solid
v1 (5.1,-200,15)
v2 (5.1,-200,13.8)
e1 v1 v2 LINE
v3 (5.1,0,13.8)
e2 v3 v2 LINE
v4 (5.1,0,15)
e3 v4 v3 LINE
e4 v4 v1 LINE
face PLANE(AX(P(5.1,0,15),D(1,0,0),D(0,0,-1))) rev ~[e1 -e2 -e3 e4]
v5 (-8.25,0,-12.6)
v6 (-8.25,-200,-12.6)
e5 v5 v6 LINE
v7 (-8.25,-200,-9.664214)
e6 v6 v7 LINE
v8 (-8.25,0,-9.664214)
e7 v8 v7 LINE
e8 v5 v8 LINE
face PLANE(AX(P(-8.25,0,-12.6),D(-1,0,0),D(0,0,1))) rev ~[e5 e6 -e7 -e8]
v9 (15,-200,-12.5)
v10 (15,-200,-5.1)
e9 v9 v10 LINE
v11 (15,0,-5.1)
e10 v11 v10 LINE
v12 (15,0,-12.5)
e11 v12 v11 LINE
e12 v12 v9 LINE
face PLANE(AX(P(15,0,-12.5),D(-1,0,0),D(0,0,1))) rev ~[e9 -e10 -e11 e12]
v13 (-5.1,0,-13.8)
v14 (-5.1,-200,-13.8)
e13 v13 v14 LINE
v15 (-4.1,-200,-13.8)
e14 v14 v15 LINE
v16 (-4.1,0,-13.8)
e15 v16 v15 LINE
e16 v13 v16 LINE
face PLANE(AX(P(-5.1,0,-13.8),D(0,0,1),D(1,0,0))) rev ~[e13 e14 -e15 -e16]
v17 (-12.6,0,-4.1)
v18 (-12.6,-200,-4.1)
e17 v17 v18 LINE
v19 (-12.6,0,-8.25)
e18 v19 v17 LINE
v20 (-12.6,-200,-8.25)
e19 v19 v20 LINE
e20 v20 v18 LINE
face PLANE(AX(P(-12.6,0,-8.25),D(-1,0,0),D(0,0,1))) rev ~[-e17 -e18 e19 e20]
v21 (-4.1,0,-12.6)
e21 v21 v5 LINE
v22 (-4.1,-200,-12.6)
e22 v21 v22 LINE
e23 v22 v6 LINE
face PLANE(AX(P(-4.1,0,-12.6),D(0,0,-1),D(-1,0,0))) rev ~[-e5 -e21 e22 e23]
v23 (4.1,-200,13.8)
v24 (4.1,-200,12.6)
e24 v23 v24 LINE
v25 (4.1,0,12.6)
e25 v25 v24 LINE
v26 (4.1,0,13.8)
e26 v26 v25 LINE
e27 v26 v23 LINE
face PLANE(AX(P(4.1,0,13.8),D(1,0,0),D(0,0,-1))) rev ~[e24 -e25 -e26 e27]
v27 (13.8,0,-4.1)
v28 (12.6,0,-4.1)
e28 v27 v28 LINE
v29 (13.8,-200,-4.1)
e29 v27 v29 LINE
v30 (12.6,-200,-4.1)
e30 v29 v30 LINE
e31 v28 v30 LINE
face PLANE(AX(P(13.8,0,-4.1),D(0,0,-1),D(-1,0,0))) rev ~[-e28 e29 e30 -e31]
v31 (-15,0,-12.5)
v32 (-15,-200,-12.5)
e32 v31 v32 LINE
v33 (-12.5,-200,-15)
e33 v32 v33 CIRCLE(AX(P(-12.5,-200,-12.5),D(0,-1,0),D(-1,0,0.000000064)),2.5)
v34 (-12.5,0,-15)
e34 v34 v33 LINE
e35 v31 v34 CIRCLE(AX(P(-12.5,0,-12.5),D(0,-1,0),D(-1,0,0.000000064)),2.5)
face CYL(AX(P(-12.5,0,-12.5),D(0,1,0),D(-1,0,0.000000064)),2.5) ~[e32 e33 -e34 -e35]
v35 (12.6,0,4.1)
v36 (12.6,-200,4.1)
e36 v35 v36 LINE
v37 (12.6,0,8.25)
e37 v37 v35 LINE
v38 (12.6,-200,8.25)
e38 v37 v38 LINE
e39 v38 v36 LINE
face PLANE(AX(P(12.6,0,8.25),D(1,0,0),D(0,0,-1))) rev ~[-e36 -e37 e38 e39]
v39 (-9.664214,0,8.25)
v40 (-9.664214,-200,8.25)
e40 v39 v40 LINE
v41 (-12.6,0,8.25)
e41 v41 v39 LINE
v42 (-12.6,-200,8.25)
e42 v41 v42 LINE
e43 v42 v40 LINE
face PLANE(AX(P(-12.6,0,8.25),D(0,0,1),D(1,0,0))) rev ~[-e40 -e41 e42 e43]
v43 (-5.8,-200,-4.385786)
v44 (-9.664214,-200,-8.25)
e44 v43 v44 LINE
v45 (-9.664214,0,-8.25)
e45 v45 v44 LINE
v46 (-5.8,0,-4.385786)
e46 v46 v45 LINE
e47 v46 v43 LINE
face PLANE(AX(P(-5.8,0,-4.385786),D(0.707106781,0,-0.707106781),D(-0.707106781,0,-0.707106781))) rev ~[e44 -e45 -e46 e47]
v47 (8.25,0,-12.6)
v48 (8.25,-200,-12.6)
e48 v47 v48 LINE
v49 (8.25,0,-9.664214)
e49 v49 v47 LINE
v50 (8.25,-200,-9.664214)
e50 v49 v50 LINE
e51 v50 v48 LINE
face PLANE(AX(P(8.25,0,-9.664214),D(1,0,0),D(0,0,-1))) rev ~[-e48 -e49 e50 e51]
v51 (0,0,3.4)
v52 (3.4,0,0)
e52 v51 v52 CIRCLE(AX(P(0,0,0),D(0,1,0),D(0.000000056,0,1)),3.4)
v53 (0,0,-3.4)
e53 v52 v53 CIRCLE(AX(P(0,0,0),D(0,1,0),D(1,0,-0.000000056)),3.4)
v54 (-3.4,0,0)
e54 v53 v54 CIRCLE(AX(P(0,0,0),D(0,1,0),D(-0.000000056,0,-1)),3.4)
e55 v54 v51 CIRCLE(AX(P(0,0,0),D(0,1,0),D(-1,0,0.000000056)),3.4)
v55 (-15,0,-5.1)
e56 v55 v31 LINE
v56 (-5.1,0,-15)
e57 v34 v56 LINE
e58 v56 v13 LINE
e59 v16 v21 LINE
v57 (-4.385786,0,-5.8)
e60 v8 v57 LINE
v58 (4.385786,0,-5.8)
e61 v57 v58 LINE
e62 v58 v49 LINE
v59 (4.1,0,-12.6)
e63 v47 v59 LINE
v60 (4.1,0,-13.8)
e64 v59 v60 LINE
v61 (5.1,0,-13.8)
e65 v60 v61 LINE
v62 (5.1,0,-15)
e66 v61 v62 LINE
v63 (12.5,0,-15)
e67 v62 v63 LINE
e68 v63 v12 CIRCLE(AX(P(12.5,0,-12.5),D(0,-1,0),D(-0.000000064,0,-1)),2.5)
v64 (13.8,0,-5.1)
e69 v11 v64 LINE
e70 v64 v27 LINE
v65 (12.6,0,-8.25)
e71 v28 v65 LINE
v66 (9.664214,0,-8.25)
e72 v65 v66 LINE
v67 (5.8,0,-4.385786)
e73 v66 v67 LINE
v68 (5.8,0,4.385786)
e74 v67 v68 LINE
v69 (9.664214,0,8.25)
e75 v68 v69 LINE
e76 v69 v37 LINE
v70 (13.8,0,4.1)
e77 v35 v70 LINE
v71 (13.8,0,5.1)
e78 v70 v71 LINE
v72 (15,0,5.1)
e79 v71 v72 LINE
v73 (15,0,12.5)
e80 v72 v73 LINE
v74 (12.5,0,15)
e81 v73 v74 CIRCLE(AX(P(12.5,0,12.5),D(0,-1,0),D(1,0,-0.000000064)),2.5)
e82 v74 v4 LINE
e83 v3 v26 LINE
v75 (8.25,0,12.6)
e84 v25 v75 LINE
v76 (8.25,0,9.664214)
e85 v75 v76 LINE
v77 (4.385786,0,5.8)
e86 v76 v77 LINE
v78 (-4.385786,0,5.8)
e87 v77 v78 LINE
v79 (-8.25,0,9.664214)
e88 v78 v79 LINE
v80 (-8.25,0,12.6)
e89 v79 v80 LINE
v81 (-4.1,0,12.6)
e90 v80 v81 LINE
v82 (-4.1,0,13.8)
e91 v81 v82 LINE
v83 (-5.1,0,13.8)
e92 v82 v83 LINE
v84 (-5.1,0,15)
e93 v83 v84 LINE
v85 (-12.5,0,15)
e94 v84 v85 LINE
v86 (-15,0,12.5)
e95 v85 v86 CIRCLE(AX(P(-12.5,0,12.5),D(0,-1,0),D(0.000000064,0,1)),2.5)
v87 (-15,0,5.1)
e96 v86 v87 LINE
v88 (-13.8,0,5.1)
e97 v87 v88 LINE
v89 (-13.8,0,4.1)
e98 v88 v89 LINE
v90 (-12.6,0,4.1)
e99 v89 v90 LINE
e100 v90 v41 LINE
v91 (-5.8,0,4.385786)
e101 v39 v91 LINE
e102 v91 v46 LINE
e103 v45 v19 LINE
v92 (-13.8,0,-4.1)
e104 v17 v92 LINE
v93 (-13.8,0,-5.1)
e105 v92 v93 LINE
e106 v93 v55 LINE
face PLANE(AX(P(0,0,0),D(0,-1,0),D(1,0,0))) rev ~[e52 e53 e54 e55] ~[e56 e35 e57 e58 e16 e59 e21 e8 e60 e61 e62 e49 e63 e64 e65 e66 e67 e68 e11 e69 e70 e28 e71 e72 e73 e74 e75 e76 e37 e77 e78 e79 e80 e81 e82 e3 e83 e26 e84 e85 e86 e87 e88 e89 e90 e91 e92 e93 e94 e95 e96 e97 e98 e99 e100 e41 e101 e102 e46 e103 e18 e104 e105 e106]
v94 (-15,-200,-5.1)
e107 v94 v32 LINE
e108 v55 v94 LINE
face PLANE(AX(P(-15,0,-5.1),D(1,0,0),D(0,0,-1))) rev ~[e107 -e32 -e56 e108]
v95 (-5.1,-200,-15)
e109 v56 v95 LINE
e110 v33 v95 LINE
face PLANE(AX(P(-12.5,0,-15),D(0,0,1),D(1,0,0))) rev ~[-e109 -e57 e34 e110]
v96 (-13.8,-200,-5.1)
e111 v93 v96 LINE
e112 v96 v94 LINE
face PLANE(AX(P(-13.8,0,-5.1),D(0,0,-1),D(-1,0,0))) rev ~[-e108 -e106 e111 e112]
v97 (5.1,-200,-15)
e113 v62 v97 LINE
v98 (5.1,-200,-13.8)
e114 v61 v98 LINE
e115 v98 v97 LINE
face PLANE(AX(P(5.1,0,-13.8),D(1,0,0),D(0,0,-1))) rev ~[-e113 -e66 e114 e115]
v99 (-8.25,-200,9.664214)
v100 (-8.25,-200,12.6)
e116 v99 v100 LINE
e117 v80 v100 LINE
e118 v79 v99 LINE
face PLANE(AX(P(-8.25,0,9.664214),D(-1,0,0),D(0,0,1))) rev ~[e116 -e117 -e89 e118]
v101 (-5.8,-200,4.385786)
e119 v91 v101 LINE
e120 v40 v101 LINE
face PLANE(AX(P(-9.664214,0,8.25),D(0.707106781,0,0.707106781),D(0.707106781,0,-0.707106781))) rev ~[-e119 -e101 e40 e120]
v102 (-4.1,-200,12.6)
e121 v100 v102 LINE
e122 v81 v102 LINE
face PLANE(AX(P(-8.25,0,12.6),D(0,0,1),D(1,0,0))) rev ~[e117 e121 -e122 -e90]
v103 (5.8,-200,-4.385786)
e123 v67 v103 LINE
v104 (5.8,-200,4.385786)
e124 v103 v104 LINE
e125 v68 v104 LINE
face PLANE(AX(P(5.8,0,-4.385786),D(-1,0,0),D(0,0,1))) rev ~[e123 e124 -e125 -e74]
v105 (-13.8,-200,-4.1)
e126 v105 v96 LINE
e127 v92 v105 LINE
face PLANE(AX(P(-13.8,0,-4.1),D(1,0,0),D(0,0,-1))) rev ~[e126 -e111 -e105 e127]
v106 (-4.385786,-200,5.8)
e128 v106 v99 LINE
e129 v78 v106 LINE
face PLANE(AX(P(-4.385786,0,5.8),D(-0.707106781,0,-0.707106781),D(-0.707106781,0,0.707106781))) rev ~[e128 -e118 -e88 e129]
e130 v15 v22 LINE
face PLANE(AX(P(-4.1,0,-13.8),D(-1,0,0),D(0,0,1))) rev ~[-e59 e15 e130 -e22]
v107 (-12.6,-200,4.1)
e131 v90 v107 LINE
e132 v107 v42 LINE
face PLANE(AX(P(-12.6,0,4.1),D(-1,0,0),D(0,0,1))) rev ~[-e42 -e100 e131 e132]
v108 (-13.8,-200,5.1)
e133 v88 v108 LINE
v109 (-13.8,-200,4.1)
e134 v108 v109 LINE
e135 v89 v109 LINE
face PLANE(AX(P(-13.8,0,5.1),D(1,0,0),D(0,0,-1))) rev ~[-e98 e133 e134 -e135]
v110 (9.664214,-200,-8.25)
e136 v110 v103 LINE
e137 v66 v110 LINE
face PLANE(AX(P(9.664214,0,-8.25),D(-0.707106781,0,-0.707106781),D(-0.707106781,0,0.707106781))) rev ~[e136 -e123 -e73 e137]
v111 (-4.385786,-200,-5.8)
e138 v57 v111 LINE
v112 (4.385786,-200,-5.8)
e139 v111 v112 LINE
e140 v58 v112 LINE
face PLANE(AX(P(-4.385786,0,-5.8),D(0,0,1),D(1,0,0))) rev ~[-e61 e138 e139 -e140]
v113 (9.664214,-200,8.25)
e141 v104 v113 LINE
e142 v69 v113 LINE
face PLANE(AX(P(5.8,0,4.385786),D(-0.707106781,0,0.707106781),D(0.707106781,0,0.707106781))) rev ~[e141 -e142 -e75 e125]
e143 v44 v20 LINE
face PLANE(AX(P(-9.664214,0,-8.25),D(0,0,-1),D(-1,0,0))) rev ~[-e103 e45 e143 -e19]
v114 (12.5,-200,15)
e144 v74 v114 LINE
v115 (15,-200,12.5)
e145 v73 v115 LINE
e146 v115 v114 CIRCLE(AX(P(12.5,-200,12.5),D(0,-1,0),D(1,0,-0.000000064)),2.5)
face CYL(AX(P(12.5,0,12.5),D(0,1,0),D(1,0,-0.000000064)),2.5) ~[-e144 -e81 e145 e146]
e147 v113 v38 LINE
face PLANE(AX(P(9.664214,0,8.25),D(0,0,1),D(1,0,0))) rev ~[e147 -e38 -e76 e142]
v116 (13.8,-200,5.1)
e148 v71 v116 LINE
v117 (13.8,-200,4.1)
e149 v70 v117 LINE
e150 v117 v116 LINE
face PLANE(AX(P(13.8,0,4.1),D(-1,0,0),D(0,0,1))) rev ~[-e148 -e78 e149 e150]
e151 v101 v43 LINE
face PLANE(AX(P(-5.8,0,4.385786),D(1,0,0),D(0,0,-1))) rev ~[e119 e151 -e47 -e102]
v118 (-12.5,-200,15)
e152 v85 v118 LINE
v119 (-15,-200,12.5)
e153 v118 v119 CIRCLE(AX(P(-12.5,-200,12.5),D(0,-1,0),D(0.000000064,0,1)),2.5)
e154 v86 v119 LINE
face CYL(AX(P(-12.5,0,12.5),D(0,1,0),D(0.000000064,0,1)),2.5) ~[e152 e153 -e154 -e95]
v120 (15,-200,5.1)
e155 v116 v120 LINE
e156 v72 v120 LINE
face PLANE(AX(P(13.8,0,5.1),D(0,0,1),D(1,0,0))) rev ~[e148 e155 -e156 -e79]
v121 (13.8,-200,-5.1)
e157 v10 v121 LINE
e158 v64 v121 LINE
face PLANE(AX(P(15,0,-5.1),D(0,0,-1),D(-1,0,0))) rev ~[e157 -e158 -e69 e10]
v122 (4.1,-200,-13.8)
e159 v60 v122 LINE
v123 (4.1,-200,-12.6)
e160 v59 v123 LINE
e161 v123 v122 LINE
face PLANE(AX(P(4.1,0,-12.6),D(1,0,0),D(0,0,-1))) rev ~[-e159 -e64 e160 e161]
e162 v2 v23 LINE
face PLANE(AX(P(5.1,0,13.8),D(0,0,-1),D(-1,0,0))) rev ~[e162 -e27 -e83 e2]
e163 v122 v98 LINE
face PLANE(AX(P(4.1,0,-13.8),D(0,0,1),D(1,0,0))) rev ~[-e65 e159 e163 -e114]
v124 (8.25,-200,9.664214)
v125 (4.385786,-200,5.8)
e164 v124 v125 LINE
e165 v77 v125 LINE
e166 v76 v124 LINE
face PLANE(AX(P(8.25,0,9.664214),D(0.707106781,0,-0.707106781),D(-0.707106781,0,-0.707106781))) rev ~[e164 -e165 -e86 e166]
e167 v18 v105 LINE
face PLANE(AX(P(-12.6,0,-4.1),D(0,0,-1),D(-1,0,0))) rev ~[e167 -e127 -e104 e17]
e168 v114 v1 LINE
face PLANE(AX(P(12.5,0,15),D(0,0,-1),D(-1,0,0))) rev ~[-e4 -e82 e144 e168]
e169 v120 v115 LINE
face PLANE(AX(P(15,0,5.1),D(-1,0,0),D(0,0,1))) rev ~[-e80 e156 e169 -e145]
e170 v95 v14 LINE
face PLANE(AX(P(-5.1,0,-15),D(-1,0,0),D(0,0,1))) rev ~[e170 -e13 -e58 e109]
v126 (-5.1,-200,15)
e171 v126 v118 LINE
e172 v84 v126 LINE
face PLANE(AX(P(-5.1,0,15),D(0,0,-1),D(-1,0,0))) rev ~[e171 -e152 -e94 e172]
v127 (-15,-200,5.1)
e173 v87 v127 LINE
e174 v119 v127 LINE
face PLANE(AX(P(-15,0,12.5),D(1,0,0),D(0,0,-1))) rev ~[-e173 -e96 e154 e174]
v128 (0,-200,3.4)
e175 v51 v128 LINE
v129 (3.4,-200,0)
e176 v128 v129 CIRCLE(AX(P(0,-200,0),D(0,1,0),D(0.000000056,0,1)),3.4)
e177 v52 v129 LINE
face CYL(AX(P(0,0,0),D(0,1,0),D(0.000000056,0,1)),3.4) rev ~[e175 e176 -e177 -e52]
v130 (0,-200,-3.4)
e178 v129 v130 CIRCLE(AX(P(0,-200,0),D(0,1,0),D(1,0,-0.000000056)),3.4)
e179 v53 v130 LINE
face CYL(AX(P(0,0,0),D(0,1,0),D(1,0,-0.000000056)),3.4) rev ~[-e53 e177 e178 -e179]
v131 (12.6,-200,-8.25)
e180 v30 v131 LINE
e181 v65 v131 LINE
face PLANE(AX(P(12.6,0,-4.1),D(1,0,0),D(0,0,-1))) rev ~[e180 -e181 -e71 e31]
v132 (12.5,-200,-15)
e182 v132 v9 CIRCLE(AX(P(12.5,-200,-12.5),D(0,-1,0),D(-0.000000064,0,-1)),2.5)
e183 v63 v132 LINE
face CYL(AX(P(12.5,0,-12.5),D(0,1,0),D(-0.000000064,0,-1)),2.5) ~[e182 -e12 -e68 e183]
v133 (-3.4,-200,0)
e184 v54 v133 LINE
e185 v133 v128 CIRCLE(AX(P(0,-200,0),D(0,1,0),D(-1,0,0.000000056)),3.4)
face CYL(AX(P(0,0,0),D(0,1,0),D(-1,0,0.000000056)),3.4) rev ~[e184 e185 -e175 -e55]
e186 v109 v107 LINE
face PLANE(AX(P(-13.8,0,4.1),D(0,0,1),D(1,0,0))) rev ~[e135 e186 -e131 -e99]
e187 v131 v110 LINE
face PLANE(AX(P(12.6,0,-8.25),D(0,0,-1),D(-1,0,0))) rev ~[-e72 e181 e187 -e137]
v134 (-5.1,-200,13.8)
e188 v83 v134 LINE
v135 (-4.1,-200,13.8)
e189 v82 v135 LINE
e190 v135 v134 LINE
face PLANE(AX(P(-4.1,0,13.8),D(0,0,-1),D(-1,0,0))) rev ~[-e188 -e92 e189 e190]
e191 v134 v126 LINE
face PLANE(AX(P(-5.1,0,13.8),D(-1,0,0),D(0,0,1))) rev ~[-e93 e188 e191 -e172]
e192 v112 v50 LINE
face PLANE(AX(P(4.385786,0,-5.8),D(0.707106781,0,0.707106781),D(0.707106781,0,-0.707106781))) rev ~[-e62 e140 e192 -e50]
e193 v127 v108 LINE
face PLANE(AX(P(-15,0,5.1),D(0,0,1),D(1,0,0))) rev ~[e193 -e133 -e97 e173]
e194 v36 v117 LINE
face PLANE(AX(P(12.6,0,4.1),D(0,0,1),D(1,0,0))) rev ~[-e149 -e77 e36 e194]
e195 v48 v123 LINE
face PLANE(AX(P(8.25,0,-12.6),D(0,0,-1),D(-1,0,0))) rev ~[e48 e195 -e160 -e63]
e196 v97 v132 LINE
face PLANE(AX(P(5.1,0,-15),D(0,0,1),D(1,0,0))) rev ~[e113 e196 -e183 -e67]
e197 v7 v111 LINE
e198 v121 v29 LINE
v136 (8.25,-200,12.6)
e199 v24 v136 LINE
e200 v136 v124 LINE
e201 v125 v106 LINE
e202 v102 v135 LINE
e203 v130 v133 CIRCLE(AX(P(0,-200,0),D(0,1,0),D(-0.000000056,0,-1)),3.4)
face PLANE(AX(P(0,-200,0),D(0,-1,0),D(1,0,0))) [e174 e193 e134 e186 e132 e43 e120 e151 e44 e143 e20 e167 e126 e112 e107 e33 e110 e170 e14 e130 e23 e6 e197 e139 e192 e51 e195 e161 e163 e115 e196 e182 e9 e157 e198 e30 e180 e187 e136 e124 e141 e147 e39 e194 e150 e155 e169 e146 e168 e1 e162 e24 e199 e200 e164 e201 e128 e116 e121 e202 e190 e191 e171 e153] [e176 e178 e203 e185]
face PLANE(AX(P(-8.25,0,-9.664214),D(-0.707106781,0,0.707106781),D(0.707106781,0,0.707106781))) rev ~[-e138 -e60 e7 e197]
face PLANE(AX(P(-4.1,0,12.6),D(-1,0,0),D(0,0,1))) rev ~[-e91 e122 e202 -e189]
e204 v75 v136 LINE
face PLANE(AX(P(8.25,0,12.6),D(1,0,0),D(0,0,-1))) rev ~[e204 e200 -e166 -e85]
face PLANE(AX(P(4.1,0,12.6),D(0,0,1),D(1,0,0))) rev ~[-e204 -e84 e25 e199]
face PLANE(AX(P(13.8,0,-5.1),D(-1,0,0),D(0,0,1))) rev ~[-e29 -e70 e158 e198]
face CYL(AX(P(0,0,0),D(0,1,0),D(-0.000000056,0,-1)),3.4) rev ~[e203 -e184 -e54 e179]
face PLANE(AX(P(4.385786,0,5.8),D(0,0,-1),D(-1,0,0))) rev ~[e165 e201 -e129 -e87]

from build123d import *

# Parameters (mm, degrees)
F1_DEPTH = 200


with BuildPart() as f1:
    # F0 (on Front) → F1 (new body)
    with BuildSketch(Plane.XZ):
        with BuildLine():
            Line((12.5, 15), (5.1, 15))
            Line((5.1, 15), (5.1, 13.8))
            Line((5.1, 13.8), (4.1, 13.8))
            Line((4.1, 13.8), (4.1, 12.6))
            Line((4.1, 12.6), (8.25, 12.6))
            Line((8.25, 12.6), (8.25, 9.664214))
            Line((8.25, 9.664214), (5.092893, 6.507107))
            Line((5.092893, 6.507107), (4.385786, 5.8))
            Line((4.385786, 5.8), (0, 5.8))
            Line((0, 5.8), (-4.385786, 5.8))
            Line((-4.385786, 5.8), (-5.092893, 6.507107))
            Line((-5.092893, 6.507107), (-8.25, 9.664214))
            Line((-8.25, 9.664214), (-8.25, 12.6))
            Line((-8.25, 12.6), (-4.1, 12.6))
            Line((-4.1, 12.6), (-4.1, 13.8))
            Line((-4.1, 13.8), (-5.1, 13.8))
            Line((-5.1, 13.8), (-5.1, 15))
            Line((-5.1, 15), (-12.5, 15))
            ThreePointArc((-12.5, 15), (-14.267767, 14.267767), (-15, 12.5))
            Line((-15, 12.5), (-15, 5.1))
            Line((-15, 5.1), (-13.8, 5.1))
            Line((-13.8, 5.1), (-13.8, 4.1))
            Line((-13.8, 4.1), (-12.6, 4.1))
            Line((-12.6, 4.1), (-12.6, 8.25))
            Line((-12.6, 8.25), (-9.664214, 8.25))
            Line((-9.664214, 8.25), (-6.507107, 5.092893))
            Line((-6.507107, 5.092893), (-5.8, 4.385786))
            Line((-5.8, 4.385786), (-5.8, 0))
            Line((-5.8, 0), (-5.8, -4.385786))
            Line((-5.8, -4.385786), (-6.507107, -5.092893))
            Line((-6.507107, -5.092893), (-9.664214, -8.25))
            Line((-9.664214, -8.25), (-12.6, -8.25))
            Line((-12.6, -8.25), (-12.6, -4.1))
            Line((-12.6, -4.1), (-13.8, -4.1))
            Line((-13.8, -4.1), (-13.8, -5.1))
            Line((-13.8, -5.1), (-15, -5.1))
            Line((-15, -5.1), (-15, -12.5))
            ThreePointArc((-15, -12.5), (-14.267767, -14.267767), (-12.5, -15))
            Line((-12.5, -15), (-5.1, -15))
            Line((-5.1, -15), (-5.1, -13.8))
            Line((-5.1, -13.8), (-4.1, -13.8))
            Line((-4.1, -13.8), (-4.1, -12.6))
            Line((-4.1, -12.6), (-8.25, -12.6))
            Line((-8.25, -12.6), (-8.25, -9.664214))
            Line((-8.25, -9.664214), (-5.092893, -6.507107))
            Line((-5.092893, -6.507107), (-4.385786, -5.8))
            Line((-4.385786, -5.8), (0, -5.8))
            Line((0, -5.8), (4.385786, -5.8))
            Line((4.385786, -5.8), (5.092893, -6.507107))
            Line((5.092893, -6.507107), (8.25, -9.664214))
            Line((8.25, -9.664214), (8.25, -12.6))
            Line((8.25, -12.6), (4.1, -12.6))
            Line((4.1, -12.6), (4.1, -13.8))
            Line((4.1, -13.8), (5.1, -13.8))
            Line((5.1, -13.8), (5.1, -15))
            Line((5.1, -15), (12.5, -15))
            ThreePointArc((12.5, -15), (14.267767, -14.267767), (15, -12.5))
            Line((15, -12.5), (15, -5.1))
            Line((15, -5.1), (13.8, -5.1))
            Line((13.8, -5.1), (13.8, -4.1))
            Line((13.8, -4.1), (12.6, -4.1))
            Line((12.6, -4.1), (12.6, -8.25))
            Line((12.6, -8.25), (9.664214, -8.25))
            Line((9.664214, -8.25), (6.507107, -5.092893))
            Line((6.507107, -5.092893), (5.8, -4.385786))
            Line((5.8, -4.385786), (5.8, 0))
            Line((5.8, 0), (5.8, 4.385786))
            Line((5.8, 4.385786), (6.507107, 5.092893))
            Line((6.507107, 5.092893), (9.664214, 8.25))
            Line((9.664214, 8.25), (12.6, 8.25))
            Line((12.6, 8.25), (12.6, 4.1))
            Line((12.6, 4.1), (13.8, 4.1))
            Line((13.8, 4.1), (13.8, 5.1))
            Line((13.8, 5.1), (15, 5.1))
            Line((15, 5.1), (15, 12.5))
            ThreePointArc((15, 12.5), (14.267767, 14.267767), (12.5, 15))
        make_face()
        with BuildLine():
            ThreePointArc((-3.4, 0), (-2.404163, 2.404163), (0, 3.4))
            ThreePointArc((0, 3.4), (2.404163, 2.404163), (3.4, 0))
            ThreePointArc((3.4, 0), (2.404163, -2.404163), (0, -3.4))
            ThreePointArc((0, -3.4), (-2.404163, -2.404163), (-3.4, 0))
        make_face(mode=Mode.SUBTRACT)
    extrude(amount=F1_DEPTH)


solid = f1.part
